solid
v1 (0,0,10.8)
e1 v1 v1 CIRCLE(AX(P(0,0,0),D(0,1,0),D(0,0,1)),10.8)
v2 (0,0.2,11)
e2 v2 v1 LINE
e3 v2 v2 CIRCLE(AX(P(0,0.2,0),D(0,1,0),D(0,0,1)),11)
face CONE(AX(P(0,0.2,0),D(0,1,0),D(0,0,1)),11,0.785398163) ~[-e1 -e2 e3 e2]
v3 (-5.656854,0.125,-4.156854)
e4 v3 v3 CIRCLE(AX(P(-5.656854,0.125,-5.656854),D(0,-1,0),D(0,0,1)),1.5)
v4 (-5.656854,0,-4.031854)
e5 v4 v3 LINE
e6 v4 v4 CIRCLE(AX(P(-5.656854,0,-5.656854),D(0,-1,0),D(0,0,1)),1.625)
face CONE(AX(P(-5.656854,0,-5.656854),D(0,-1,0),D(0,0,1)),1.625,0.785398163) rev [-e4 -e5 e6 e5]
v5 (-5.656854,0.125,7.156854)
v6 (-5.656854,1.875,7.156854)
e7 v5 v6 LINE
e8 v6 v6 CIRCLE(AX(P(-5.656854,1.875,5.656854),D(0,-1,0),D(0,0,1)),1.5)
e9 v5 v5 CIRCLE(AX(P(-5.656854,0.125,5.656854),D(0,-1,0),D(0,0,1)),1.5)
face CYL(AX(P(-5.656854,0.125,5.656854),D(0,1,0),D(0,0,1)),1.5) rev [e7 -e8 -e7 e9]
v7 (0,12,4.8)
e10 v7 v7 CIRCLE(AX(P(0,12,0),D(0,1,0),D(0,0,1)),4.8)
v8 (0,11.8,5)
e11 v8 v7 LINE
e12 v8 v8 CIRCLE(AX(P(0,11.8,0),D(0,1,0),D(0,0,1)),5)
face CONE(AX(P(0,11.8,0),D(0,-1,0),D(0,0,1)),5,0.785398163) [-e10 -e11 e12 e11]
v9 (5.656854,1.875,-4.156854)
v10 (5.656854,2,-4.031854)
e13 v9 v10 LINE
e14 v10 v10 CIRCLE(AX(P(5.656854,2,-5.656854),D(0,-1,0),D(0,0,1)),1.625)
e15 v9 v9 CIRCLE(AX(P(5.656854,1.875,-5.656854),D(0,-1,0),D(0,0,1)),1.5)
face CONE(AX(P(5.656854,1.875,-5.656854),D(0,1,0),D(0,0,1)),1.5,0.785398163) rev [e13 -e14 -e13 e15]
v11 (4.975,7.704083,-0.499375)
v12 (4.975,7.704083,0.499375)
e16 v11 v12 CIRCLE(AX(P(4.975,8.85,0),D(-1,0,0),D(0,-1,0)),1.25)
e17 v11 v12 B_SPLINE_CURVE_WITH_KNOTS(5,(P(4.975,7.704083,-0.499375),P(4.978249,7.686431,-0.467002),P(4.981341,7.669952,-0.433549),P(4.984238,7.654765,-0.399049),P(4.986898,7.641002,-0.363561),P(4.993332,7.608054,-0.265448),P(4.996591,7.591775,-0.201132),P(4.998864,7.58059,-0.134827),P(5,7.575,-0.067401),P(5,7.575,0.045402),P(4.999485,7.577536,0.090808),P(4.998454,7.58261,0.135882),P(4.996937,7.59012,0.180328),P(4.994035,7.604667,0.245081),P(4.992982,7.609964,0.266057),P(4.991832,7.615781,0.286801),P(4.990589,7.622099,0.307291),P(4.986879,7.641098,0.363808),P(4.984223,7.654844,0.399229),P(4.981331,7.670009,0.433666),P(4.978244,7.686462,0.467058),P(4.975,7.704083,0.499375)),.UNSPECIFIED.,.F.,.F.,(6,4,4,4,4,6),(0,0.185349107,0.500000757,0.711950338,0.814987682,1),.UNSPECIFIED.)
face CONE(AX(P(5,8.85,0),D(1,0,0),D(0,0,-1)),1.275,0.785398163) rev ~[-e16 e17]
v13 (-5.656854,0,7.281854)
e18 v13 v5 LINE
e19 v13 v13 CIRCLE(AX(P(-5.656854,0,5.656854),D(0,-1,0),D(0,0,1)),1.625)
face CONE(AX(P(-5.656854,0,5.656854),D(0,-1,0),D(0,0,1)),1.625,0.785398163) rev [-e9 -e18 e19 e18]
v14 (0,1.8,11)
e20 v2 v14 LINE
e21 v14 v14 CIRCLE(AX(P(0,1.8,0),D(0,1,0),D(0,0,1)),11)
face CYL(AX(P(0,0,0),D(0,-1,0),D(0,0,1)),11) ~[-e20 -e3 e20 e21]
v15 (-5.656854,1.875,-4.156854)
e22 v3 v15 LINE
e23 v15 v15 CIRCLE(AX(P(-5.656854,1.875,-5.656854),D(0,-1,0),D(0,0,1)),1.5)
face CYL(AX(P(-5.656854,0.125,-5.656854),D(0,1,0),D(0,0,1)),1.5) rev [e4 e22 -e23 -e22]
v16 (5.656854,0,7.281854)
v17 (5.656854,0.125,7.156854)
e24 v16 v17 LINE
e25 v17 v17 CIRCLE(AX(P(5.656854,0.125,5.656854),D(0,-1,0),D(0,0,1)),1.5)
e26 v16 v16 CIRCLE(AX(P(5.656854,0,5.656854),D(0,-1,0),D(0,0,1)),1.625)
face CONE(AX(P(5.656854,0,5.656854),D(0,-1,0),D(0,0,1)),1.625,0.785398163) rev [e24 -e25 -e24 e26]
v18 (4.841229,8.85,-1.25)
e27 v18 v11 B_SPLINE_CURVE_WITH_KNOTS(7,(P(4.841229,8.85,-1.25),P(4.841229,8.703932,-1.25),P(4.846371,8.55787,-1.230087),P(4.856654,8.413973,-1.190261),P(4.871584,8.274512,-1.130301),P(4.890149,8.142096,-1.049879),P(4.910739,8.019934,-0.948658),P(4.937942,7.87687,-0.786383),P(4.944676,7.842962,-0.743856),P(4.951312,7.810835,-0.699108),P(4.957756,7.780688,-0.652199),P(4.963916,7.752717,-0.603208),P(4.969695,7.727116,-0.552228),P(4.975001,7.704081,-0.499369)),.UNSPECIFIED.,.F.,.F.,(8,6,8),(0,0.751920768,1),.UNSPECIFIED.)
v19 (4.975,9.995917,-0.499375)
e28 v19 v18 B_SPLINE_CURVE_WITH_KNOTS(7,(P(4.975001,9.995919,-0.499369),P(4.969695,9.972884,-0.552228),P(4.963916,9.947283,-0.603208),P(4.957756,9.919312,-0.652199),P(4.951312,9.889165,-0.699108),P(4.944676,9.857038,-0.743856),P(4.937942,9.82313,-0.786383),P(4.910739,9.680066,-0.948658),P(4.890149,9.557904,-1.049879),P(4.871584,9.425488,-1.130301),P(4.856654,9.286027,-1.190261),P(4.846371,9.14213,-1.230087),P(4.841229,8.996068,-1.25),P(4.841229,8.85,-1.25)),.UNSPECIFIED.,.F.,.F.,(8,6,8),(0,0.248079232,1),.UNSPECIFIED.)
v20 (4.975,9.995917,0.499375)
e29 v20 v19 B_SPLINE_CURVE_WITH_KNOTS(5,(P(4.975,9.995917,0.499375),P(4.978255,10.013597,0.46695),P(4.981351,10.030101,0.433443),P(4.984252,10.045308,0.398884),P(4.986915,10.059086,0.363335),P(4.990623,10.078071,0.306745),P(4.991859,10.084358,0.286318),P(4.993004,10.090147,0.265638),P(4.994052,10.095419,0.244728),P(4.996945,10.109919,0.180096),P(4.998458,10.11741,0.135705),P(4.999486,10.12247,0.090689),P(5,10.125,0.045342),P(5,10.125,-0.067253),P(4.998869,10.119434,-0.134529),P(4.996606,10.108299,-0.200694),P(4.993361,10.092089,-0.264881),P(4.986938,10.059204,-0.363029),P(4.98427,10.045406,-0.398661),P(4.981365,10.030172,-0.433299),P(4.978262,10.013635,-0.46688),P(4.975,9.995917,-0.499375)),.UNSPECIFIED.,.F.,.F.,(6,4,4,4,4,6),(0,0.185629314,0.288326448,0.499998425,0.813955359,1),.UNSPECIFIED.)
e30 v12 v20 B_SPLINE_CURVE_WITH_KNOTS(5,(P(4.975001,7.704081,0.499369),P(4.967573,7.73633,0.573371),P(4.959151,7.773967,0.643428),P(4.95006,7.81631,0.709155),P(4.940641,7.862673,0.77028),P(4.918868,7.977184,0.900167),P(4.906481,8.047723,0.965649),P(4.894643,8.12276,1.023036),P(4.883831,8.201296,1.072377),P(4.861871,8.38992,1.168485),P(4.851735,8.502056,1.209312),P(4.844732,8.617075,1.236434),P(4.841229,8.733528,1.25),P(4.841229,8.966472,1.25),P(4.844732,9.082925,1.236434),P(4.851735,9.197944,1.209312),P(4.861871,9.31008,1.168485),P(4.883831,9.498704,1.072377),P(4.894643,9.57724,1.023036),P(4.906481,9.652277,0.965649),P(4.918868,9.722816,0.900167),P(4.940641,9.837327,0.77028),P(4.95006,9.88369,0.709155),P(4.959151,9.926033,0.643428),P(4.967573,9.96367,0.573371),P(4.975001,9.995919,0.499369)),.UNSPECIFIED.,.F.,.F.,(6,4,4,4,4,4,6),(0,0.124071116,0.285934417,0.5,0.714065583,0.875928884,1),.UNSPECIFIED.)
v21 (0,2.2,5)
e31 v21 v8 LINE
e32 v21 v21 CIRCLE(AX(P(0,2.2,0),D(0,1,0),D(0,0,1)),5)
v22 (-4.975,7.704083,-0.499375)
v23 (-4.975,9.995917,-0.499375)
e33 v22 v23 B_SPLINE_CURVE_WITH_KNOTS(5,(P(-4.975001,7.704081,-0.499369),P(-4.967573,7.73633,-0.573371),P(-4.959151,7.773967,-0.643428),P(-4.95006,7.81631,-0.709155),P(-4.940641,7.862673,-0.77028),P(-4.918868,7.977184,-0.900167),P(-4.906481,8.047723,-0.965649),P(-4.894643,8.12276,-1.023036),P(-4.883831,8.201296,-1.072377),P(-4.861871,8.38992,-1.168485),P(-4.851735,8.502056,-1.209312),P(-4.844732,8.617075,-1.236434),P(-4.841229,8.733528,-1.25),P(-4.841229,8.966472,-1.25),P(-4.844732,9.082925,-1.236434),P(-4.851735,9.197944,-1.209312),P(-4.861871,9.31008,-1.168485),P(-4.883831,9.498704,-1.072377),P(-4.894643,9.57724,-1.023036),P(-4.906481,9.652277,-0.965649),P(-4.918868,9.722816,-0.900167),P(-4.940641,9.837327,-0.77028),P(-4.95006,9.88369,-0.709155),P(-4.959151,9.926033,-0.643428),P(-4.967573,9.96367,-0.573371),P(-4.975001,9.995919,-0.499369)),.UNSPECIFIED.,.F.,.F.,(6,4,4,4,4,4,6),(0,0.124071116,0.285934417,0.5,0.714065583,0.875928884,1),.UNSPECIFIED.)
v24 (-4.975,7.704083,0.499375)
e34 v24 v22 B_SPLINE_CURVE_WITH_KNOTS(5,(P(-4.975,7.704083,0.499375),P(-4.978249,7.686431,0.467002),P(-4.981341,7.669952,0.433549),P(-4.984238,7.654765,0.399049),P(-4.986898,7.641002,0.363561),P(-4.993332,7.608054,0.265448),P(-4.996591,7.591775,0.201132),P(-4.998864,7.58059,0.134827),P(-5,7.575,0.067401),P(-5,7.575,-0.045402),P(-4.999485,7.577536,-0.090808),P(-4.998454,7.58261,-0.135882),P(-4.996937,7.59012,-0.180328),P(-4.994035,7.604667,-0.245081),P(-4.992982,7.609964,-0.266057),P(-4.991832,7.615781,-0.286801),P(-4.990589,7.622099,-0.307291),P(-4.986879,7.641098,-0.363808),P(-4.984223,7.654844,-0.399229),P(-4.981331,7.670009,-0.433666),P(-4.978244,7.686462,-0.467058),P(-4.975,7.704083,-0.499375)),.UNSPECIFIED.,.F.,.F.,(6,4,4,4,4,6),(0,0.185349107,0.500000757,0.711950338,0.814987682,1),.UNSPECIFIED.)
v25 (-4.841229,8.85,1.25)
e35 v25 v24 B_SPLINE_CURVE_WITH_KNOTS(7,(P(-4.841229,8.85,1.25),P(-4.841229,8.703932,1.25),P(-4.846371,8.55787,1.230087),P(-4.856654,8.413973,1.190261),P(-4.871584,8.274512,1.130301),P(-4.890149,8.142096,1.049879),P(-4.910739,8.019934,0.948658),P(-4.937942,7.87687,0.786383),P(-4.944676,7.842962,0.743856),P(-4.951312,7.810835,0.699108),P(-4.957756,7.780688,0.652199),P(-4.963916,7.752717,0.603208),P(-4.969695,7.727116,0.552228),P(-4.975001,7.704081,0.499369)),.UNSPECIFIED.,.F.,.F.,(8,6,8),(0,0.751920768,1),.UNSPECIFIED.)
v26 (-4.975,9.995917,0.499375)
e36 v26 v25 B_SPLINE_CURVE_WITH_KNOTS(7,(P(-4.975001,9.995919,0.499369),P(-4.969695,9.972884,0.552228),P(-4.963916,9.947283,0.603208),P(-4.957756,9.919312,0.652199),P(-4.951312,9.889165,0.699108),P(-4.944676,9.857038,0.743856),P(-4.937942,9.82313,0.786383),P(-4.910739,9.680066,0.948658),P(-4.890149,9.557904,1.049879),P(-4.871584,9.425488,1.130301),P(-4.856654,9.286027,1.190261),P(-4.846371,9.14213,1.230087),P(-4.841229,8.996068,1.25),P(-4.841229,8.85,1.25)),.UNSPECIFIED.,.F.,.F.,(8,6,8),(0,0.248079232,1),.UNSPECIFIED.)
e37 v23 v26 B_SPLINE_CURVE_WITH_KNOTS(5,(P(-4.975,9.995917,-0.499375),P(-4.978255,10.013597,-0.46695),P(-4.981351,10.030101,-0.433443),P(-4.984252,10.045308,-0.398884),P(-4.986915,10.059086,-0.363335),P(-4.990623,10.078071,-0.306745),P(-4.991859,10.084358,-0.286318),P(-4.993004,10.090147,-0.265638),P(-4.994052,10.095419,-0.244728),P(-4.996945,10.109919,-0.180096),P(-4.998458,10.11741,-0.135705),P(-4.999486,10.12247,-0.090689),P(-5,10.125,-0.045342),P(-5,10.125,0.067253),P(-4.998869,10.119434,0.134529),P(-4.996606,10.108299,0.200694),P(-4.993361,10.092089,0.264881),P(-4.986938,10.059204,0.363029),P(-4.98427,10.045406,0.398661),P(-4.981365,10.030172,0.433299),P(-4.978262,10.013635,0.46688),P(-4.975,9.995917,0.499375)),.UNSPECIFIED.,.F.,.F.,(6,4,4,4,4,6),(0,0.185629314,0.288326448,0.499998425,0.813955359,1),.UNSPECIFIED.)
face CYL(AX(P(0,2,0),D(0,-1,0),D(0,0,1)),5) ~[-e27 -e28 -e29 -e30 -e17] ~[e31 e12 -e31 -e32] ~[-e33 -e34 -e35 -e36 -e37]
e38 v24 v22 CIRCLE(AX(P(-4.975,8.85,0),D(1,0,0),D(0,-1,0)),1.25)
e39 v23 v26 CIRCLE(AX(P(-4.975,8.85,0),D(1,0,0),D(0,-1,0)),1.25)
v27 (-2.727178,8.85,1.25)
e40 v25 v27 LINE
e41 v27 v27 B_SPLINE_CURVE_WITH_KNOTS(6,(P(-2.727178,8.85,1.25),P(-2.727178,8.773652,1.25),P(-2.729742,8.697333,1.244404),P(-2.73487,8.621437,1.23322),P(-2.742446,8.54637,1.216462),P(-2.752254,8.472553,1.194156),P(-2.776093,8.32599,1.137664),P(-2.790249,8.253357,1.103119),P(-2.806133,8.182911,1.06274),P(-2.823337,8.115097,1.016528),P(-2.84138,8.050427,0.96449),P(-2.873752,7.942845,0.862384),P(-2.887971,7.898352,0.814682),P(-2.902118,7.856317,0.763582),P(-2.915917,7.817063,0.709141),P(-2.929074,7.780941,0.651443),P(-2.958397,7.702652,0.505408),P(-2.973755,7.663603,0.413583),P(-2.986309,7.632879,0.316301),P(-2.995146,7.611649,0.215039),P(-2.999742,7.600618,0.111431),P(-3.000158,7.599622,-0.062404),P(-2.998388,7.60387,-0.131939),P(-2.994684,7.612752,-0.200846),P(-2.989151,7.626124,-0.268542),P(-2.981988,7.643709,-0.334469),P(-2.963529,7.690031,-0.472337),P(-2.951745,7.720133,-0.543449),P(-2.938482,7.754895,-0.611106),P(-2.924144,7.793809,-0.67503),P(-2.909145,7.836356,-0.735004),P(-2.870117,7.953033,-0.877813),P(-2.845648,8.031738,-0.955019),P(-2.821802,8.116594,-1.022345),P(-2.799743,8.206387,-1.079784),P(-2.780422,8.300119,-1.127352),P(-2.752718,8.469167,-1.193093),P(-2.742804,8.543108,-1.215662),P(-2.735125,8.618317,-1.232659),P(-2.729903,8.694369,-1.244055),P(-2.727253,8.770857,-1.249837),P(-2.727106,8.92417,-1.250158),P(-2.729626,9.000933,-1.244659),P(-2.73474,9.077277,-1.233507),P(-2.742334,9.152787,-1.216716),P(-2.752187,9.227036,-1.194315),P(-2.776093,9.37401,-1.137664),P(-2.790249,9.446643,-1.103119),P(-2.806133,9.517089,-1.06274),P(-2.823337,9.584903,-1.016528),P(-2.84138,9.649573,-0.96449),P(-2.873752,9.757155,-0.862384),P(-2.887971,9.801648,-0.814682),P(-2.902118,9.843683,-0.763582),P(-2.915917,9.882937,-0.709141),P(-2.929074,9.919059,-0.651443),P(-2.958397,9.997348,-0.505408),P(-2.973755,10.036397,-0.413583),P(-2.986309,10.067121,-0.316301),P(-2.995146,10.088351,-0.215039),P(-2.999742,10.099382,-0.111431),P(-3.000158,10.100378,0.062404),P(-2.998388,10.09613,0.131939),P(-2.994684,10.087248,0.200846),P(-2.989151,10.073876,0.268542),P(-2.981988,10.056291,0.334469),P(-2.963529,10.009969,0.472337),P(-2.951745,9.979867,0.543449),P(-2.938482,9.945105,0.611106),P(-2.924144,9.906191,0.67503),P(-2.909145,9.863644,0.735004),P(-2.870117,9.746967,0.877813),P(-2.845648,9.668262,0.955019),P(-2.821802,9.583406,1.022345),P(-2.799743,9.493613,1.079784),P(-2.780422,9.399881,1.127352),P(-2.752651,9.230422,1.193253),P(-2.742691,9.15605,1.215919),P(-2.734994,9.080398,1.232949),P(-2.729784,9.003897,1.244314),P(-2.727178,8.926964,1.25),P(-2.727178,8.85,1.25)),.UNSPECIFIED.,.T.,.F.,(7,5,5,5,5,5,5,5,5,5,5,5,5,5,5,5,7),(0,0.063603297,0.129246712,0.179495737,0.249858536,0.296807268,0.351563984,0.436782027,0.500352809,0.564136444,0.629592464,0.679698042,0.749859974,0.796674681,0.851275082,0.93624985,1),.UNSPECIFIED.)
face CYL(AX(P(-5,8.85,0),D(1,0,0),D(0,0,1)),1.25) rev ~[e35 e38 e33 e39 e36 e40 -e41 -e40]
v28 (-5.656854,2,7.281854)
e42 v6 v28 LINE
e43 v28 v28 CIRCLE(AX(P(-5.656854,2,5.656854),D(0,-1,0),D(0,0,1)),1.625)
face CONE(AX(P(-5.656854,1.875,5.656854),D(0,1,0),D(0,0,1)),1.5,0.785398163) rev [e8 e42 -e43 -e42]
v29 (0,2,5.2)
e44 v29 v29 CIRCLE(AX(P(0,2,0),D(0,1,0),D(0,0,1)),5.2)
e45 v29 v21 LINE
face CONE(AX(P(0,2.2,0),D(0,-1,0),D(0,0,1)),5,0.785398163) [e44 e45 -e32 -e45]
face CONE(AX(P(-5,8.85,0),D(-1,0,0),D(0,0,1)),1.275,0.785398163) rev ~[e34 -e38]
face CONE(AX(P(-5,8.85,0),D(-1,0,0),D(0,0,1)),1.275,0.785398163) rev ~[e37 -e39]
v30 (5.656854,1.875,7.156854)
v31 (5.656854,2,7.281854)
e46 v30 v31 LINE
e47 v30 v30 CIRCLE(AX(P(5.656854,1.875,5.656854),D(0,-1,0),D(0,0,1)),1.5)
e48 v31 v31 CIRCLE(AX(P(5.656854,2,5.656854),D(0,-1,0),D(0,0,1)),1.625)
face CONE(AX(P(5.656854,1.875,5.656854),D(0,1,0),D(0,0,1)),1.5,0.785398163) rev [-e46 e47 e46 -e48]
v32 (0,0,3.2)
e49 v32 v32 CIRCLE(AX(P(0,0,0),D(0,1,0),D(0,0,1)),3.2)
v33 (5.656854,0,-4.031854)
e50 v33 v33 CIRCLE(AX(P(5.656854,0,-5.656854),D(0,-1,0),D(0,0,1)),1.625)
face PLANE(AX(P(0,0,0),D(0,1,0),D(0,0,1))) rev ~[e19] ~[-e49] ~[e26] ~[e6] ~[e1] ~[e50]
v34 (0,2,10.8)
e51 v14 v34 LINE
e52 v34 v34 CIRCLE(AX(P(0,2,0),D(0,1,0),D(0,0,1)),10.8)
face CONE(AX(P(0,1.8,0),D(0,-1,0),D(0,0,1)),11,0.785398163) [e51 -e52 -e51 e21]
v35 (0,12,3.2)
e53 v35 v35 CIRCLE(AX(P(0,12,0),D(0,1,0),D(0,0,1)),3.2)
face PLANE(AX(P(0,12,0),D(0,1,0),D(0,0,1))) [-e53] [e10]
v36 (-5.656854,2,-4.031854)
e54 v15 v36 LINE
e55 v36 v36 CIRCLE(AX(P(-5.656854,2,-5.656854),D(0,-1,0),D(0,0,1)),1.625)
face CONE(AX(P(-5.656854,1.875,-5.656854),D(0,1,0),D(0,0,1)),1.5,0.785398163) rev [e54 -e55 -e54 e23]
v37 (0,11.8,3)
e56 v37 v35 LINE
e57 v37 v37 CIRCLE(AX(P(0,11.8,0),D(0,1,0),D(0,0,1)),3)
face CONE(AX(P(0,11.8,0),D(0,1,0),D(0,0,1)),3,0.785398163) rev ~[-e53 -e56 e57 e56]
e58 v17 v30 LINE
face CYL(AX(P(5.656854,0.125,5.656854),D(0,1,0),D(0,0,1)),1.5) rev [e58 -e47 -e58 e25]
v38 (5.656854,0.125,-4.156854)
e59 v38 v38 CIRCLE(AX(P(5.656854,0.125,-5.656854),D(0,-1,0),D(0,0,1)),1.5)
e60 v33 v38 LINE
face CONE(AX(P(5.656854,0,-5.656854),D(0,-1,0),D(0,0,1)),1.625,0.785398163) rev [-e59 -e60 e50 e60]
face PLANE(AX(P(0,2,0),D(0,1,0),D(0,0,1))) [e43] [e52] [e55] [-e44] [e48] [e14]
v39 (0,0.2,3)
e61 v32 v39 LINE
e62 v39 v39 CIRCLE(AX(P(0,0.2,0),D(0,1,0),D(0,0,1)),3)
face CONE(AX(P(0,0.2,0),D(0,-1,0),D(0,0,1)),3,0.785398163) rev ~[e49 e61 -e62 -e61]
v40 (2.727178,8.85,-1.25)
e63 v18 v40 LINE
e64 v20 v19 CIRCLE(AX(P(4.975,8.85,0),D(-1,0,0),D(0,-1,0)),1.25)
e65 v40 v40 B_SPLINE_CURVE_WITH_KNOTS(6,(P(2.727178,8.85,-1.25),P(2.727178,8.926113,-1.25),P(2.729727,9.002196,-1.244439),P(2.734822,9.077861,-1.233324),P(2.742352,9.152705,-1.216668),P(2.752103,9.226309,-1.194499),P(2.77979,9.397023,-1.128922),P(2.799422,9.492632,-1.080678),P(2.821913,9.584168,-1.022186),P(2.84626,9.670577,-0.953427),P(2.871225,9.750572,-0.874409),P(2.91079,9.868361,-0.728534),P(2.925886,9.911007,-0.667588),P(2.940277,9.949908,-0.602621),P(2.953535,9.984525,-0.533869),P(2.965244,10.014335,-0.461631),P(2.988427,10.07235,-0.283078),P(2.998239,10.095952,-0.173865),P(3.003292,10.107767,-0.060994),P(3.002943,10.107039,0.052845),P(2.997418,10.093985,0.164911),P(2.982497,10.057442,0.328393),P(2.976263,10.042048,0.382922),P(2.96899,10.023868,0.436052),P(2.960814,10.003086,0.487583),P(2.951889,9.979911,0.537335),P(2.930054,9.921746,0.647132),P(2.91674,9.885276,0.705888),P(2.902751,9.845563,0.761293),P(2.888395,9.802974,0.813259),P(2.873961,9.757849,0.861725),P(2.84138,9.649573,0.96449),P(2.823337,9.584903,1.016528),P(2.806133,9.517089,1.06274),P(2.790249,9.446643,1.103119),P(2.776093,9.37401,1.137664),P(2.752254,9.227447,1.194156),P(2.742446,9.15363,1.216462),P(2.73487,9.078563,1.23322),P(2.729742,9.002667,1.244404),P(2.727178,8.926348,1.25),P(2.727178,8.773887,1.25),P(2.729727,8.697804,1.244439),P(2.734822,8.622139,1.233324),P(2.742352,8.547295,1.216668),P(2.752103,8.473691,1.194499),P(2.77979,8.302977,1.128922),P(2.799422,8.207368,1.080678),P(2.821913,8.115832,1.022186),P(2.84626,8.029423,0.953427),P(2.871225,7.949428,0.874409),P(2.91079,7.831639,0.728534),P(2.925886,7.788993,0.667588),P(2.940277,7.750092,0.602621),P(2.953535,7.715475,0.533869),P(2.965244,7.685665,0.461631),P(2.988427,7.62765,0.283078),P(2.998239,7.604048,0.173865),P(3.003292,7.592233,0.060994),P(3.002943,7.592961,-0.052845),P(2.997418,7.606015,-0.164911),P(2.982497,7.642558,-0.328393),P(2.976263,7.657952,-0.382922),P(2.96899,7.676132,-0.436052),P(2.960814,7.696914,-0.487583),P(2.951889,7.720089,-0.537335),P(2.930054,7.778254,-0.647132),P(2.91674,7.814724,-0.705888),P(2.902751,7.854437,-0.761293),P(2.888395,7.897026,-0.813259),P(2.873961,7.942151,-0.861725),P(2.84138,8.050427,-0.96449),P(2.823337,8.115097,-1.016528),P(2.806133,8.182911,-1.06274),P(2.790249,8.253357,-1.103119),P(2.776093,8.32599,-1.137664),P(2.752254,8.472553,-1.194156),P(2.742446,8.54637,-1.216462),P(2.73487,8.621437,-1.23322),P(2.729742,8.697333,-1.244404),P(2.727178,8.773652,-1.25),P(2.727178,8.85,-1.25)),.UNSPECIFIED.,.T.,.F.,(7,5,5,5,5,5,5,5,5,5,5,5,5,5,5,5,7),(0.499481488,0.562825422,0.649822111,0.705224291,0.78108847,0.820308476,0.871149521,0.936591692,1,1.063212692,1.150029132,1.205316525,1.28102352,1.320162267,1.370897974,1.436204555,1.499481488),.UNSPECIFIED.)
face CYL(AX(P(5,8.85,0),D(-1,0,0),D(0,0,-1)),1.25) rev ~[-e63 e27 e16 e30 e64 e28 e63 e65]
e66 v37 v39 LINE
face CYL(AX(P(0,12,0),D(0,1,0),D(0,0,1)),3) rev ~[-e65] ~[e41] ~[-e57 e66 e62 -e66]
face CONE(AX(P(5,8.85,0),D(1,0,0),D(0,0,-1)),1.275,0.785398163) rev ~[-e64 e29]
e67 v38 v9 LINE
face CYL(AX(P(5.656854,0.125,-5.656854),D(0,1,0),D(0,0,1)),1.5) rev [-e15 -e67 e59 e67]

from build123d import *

# Parameters (mm, degrees)
SKETCH1_R                   = 11
FLANGE_DEPTH                = 2
SKETCH2_R                   = 5
COLLAR_DEPTH                = 10
SKETCH3_R                   = 3
CUT_EXTRUDE1_DEPTH          = 20.646882704
SET_SCREW_TAP_1_D           = 2.5
SET_SCREW_TAP_1_DEPTH       = 5
SET_SCREW_TAP_1_CSINK_D     = 2.55
SET_SCREW_TAP_1_CSINK_ANGLE = 90
SET_SCREW_TAP_2_D           = 2.5
SET_SCREW_TAP_2_DEPTH       = 8.001
SET_SCREW_TAP_2_CSINK_D     = 2.55
SET_SCREW_TAP_2_CSINK_ANGLE = 90
FLANGE_HOLES_AT_2_COUNT     = 2
FLANGE_HOLES_AT_2_PITCH     = 8
FLANGE_HOLES_AT_3_COUNT     = 2
FLANGE_HOLES_AT_3_PITCH     = 8
FLANGE_HOLES_AT_4_COUNT     = 2
FLANGE_HOLES_AT_4_PITCH     = 8
FLANGE_HOLES_AT_5_COUNT     = 2
FLANGE_HOLES_AT_5_PITCH     = 8
BODY_CHAMFERS_SIZE          = 0.2


with BuildPart() as part:
    # Sketch1 → Flange (new body)
    with BuildSketch(Plane(origin=(0, 0, 0), x_dir=(1, 0, 0), z_dir=(0, 1, 0))):
        with Locations(Location((0, 0, 0), (0, 0, 270))):
            Circle(SKETCH1_R)
    extrude(amount=FLANGE_DEPTH)

    # Sketch2 → Collar (add)
    with BuildSketch(Plane(origin=(0, 2, 0), x_dir=(1, 0, 0), z_dir=(0, 1, 0))):
        with Locations(Location((0, 0, 0), (0, 0, 270))):
            Circle(SKETCH2_R)
    extrude(amount=COLLAR_DEPTH)

    # Sketch3 → Cut-Extrude1 (cut, through all)
    with BuildSketch(Plane(origin=(0, 12, 0), x_dir=(1, 0, 0), z_dir=(0, 1, 0))):
        with Locations(Location((0, 0, 0), (0, 0, 270))):
            Circle(SKETCH3_R)
    extrude(amount=-CUT_EXTRUDE1_DEPTH, mode=Mode.SUBTRACT)

    # Set Screw Tap 1
    with Locations(Plane(origin=(5, 8.85, 0), x_dir=(0, 0, 1), z_dir=(1, 0, 0))):
        with Locations((0, 0)):
            CounterSinkHole(SET_SCREW_TAP_1_D / 2, SET_SCREW_TAP_1_CSINK_D / 2, depth=SET_SCREW_TAP_1_DEPTH, counter_sink_angle=SET_SCREW_TAP_1_CSINK_ANGLE)

    # Set Screw Tap 2
    with Locations(Plane(origin=(-5, 8.85, 0), x_dir=(0, 0, -1), z_dir=(-1, 0, 0))):
        with Locations((0, 0)):
            CounterSinkHole(SET_SCREW_TAP_2_D / 2, SET_SCREW_TAP_2_CSINK_D / 2, depth=SET_SCREW_TAP_2_DEPTH, counter_sink_angle=SET_SCREW_TAP_2_CSINK_ANGLE)

    # Sketch11 → Flange Holes (revolve, cut)
    with BuildSketch(Plane(origin=(0, 2, 0), x_dir=(0, 0, 1), z_dir=(1, 0, 0))):
        Polygon((0, 0), (0, 2), (1.625, 2), (1.5, 1.875), (1.5, 0.125), (1.625, 0), align=None)
    flange_holes = revolve(axis=Axis((0, 8.35, 0), (0, -1, 0)), mode=Mode.SUBTRACT)

    # Flange Holes at 2: Flange Holes ×2
    with Locations(*[Vector(-0.7071067811865476, 0, -0.7071067811865476) * (i * FLANGE_HOLES_AT_2_PITCH) for i in range(1, FLANGE_HOLES_AT_2_COUNT)]):
        add(flange_holes, mode=Mode.SUBTRACT)

    # Flange Holes at 3: Flange Holes ×2
    with Locations(*[Vector(-0.7071067811865476, 0, 0.7071067811865476) * (i * FLANGE_HOLES_AT_3_PITCH) for i in range(1, FLANGE_HOLES_AT_3_COUNT)]):
        add(flange_holes, mode=Mode.SUBTRACT)

    # Flange Holes at 4: Flange Holes ×2
    with Locations(*[Vector(0.7071067811865476, 0, 0.7071067811865476) * (i * FLANGE_HOLES_AT_4_PITCH) for i in range(1, FLANGE_HOLES_AT_4_COUNT)]):
        add(flange_holes, mode=Mode.SUBTRACT)

    # Flange Holes at 5: Flange Holes ×2
    with Locations(*[Vector(0.7071067811865476, 0, -0.7071067811865476) * (i * FLANGE_HOLES_AT_5_PITCH) for i in range(1, FLANGE_HOLES_AT_5_COUNT)]):
        add(flange_holes, mode=Mode.SUBTRACT)

    # Body Chamfers
    body_chamfers_edges = [part.edges().sort_by_distance(p)[0] for p in [
        (0, 0, -3),
        (0, 12, -3),
        (0, 0, -11),
        (0, 2, -11),
        (0, 2, -5),
        (0, 12, -5),
    ]]
    chamfer(body_chamfers_edges, length=BODY_CHAMFERS_SIZE)


solid = part.part
